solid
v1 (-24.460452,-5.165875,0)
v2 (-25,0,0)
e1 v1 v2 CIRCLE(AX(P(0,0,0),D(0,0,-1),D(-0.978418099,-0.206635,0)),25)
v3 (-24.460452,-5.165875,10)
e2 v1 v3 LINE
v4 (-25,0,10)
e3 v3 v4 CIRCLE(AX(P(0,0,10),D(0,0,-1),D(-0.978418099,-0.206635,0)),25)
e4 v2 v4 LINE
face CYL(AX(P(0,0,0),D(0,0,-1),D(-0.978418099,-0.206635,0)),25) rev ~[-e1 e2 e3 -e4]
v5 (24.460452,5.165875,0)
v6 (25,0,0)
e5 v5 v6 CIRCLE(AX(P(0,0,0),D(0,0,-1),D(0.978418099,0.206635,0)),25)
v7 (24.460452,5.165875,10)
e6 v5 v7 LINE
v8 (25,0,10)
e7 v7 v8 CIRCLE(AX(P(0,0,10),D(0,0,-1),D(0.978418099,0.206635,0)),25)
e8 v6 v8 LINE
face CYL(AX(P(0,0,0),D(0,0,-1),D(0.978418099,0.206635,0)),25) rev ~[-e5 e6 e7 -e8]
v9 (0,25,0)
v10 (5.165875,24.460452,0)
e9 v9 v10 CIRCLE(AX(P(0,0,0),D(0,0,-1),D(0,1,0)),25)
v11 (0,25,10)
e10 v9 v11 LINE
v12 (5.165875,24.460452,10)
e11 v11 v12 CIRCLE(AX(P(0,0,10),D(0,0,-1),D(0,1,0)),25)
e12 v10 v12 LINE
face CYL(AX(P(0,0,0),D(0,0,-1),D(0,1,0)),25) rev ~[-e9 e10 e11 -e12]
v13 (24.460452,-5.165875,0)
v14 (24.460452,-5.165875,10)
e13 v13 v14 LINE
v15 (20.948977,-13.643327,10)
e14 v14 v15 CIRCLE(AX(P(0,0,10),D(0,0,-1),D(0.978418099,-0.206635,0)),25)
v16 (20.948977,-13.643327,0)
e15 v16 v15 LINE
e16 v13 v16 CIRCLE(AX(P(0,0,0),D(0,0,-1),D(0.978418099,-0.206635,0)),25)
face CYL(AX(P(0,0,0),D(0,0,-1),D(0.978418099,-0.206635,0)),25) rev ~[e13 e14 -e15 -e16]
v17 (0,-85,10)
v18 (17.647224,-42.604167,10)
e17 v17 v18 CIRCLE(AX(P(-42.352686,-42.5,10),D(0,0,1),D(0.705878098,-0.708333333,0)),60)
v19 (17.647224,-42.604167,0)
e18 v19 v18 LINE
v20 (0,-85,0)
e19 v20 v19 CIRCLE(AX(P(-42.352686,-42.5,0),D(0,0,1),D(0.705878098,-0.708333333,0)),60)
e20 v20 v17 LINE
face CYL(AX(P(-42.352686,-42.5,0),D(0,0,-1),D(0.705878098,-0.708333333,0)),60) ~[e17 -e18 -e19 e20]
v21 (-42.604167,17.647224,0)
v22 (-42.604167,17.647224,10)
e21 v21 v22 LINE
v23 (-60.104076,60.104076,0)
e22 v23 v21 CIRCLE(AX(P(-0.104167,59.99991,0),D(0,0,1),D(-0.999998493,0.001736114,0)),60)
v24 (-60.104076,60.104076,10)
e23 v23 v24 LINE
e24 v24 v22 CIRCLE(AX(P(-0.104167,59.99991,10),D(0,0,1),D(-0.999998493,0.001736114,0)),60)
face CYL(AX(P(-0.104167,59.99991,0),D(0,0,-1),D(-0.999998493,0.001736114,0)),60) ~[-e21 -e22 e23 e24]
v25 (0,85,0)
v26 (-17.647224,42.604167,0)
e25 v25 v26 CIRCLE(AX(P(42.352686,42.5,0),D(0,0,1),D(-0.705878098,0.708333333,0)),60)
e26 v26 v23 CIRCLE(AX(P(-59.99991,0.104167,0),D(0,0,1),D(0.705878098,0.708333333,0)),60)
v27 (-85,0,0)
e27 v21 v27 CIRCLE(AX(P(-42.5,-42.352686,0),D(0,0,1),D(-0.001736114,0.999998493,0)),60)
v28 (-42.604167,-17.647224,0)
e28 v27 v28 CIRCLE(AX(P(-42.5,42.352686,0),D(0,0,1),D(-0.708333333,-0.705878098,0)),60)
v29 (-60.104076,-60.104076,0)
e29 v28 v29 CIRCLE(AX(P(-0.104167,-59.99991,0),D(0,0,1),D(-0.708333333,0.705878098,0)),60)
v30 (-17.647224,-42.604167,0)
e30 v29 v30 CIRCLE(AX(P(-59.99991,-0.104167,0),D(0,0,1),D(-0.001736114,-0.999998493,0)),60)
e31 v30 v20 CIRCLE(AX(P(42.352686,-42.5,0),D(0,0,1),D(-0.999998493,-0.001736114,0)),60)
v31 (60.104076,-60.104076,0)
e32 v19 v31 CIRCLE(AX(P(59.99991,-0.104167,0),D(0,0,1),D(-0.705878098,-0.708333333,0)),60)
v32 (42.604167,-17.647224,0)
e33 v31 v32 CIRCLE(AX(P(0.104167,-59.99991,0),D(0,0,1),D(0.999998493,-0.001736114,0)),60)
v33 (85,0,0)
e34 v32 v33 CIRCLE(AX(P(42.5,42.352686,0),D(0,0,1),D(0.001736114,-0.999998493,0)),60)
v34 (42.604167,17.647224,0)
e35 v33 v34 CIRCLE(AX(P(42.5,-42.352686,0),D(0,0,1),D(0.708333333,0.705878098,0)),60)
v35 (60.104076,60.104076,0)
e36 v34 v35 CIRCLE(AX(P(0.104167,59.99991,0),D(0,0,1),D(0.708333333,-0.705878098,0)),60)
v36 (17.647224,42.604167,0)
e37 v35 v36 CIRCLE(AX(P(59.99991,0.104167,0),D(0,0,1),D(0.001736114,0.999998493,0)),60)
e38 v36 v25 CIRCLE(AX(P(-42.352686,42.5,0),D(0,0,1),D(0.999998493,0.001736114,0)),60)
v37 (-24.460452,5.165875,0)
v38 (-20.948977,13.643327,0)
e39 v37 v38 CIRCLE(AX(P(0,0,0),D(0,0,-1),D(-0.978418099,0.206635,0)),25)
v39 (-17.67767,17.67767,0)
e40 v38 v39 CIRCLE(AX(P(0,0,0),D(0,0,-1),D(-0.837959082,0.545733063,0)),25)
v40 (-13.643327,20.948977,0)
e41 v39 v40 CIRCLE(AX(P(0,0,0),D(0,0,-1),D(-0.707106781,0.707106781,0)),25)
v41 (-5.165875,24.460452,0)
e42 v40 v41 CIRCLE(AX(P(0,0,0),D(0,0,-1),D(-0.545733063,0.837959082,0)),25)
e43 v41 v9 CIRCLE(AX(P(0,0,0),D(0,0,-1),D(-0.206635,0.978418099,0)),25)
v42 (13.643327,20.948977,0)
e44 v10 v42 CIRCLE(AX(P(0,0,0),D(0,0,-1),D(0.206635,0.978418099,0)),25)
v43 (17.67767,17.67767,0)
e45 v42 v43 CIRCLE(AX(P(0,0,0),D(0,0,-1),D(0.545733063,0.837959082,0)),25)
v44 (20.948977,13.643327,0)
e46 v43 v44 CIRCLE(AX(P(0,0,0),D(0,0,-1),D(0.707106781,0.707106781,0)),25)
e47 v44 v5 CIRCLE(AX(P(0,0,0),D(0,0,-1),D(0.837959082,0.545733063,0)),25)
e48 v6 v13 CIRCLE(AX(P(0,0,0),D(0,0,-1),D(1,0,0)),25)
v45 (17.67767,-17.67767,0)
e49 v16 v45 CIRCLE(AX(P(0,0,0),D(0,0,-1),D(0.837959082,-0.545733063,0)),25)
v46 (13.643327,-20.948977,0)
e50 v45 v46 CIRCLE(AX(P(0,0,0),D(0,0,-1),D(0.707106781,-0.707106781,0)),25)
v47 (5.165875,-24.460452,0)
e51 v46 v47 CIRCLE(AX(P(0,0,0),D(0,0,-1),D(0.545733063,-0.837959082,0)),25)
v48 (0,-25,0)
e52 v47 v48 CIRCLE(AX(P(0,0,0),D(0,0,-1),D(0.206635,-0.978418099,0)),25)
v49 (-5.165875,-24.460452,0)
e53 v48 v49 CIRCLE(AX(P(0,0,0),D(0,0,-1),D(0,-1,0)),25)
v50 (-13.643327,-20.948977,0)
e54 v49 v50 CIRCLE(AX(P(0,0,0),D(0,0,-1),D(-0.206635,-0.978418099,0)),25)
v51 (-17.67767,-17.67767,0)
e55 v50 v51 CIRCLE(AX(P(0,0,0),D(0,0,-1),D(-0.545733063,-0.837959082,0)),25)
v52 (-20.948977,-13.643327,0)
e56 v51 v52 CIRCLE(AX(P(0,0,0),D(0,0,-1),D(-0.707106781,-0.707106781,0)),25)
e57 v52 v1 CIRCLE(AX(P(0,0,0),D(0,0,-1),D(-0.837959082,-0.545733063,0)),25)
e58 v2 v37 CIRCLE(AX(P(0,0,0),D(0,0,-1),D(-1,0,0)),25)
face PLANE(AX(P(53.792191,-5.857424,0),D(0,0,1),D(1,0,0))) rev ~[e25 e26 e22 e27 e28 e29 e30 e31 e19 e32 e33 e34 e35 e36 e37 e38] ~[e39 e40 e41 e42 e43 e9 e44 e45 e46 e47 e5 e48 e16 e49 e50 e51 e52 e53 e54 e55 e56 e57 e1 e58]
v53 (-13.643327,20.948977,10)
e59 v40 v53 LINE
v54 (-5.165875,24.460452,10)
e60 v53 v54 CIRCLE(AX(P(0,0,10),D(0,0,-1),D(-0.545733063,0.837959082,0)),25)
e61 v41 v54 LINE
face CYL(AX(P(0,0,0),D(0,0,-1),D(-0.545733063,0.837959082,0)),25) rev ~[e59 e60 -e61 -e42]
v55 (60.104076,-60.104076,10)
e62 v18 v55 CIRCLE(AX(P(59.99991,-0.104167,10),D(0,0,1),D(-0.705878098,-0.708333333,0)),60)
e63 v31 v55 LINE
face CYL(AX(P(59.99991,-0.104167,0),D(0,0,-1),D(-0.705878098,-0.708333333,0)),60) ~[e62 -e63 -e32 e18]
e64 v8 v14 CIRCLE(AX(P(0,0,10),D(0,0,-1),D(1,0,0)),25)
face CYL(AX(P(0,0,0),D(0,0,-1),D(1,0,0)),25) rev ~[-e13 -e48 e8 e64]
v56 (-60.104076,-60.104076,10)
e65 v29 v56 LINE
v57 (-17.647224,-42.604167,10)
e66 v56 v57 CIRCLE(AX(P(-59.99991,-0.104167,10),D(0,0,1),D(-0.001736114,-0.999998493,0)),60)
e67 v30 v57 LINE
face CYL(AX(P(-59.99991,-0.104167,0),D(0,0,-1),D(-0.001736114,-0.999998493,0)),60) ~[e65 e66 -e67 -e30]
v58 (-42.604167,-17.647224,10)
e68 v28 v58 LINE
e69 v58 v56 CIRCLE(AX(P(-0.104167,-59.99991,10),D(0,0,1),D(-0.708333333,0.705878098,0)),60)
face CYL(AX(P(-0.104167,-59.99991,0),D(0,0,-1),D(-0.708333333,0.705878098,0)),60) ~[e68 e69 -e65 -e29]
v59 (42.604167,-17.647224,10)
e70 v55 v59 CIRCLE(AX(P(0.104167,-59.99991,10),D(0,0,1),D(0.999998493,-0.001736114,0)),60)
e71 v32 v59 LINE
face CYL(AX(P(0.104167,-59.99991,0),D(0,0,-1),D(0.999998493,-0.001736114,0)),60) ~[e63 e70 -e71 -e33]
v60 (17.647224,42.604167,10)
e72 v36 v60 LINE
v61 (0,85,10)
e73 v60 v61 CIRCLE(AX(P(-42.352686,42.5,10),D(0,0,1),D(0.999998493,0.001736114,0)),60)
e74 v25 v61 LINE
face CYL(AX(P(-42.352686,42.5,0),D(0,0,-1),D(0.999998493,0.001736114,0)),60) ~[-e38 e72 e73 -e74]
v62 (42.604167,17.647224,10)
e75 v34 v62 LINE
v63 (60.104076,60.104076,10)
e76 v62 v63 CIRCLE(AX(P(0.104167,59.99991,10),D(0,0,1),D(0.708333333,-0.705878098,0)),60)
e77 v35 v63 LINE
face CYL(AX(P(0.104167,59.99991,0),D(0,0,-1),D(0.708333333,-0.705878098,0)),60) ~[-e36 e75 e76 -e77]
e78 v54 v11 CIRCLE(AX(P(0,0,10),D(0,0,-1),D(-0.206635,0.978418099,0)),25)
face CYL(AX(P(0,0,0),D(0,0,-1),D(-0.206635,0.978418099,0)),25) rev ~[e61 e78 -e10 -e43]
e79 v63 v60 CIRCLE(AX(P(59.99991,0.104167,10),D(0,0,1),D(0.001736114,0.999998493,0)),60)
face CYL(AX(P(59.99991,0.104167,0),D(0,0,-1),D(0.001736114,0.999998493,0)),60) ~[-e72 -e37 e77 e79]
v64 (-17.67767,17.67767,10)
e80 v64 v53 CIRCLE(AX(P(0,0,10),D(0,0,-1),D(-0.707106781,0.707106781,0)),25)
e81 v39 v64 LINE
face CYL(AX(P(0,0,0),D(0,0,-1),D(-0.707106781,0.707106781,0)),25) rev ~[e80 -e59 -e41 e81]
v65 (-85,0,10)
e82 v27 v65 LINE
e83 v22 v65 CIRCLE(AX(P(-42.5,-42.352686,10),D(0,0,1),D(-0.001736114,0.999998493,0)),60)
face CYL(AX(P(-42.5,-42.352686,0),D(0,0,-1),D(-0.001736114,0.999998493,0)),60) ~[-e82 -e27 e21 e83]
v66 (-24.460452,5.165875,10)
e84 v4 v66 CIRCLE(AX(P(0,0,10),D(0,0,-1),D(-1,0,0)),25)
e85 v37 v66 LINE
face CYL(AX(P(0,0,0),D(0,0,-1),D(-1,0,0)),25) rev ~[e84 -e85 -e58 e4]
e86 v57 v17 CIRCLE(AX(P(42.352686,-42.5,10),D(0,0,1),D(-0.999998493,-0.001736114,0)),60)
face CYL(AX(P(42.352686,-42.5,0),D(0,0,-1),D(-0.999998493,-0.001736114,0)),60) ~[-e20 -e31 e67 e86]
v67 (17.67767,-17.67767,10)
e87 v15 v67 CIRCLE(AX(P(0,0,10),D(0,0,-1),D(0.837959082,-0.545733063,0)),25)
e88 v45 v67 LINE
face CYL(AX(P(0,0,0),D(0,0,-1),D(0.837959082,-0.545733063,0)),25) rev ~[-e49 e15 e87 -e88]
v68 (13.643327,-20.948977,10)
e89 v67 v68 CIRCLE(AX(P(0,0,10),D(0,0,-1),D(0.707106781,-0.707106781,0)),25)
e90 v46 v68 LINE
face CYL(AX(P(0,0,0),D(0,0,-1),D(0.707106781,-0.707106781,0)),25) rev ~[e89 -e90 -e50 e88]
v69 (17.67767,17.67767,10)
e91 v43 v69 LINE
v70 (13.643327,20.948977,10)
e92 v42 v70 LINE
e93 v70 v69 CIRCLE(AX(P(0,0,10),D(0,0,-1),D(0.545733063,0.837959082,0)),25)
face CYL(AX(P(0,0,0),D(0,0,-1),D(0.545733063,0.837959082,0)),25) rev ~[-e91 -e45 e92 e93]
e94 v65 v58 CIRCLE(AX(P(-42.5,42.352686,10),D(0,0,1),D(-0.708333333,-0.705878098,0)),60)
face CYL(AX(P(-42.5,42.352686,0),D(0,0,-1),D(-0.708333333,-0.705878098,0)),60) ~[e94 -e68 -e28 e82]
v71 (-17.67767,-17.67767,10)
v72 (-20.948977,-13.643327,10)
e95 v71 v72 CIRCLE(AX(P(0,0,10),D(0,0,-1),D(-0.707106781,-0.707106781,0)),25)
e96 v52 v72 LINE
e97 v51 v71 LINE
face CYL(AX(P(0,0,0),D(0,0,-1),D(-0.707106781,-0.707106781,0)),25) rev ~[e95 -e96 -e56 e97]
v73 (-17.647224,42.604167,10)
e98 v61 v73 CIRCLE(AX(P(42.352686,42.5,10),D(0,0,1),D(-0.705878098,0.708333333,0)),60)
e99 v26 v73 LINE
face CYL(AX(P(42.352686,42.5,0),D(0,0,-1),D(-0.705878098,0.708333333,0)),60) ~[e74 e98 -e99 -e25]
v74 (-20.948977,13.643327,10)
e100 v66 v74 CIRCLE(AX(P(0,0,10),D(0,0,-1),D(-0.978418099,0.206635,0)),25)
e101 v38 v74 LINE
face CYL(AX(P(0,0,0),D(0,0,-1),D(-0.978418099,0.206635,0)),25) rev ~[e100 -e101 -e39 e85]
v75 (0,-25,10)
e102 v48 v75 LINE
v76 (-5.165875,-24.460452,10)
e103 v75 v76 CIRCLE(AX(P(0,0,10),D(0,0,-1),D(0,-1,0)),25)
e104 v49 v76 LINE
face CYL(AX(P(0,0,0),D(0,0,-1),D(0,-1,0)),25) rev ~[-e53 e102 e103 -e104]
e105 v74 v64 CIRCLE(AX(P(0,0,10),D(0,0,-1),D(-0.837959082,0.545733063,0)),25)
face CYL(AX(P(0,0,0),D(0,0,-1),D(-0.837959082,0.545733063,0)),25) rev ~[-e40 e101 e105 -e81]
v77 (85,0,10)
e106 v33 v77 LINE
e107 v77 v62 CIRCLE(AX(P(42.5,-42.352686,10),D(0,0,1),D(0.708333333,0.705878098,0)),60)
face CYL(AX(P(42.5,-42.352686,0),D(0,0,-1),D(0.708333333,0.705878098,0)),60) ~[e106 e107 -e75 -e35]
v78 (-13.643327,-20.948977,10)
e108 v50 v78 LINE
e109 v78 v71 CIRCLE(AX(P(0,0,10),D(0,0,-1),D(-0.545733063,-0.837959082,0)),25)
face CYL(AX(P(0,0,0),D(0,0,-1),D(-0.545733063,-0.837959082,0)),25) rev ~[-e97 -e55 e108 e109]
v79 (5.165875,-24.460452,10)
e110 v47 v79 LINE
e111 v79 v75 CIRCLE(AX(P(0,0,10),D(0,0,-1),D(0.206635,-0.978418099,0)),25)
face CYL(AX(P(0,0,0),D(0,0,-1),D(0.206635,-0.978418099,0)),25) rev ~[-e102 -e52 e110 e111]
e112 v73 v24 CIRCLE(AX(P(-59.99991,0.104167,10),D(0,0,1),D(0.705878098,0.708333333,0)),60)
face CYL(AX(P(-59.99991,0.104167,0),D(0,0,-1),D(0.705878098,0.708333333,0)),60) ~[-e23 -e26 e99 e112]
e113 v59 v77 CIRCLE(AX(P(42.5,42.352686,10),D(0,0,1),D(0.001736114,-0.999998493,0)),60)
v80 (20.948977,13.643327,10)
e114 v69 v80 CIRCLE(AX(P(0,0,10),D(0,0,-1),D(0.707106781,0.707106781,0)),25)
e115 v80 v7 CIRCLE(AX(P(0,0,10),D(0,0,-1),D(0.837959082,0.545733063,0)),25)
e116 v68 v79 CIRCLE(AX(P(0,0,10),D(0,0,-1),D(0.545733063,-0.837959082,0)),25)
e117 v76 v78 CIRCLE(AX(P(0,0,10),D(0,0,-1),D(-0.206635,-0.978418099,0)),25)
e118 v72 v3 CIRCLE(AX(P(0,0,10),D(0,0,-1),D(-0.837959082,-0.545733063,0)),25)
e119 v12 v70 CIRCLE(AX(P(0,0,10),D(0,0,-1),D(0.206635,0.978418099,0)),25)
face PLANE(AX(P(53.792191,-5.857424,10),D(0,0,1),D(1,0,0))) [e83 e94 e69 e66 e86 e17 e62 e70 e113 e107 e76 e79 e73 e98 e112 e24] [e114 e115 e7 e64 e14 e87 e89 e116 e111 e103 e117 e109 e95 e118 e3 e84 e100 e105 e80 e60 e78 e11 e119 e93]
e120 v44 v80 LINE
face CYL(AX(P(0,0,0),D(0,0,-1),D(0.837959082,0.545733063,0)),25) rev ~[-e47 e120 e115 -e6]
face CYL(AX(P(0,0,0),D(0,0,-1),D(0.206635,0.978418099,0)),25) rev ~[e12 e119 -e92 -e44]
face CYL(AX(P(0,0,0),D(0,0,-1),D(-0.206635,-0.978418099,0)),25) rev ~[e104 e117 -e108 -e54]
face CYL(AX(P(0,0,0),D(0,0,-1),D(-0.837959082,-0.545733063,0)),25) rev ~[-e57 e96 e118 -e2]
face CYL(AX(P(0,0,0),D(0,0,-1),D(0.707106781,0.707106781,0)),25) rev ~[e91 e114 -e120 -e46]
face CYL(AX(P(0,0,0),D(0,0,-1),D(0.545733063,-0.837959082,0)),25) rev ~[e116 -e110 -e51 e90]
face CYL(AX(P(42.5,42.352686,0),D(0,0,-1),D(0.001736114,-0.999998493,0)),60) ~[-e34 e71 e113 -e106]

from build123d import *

# Parameters (mm, degrees)
F1_DEPTH = 10


with BuildPart() as f1:
    # F0 (on Top) → F1 (new body)
    with BuildSketch(Plane.XY):
        with BuildLine():
            Line((85, 0), (25, 0))
            ThreePointArc((25, 0), (24.8647472541, -2.5969874831), (24.460452481, -5.1658749912))
            ThreePointArc((24.460452481, -5.1658749912), (34.1098538399, -10.5669929067), (42.6041668237, -17.647223712))
            ThreePointArc((42.6041668236, -17.647223712), (65.5572089349, -13.0401396281), (85, 0))
        make_face()
        with BuildLine():
            ThreePointArc((24.460452481, 5.1658749912), (24.8647472541, 2.5969874831), (25, 0))
            Line((25, 0), (85, 0))
            ThreePointArc((85, 0), (65.5572089349, 13.0401396281), (42.6041668236, 17.647223712))
            ThreePointArc((42.6041668236, 17.647223712), (34.1098538399, 10.5669929067), (24.460452481, 5.1658749912))
        make_face()
        with BuildLine():
            ThreePointArc((20.9489770573, 13.6433265832), (23.0969883128, 9.5670858091), (24.460452481, 5.1658749912))
            ThreePointArc((24.460452481, 5.1658749912), (34.1098538399, 10.5669929067), (42.6041668236, 17.647223712))
            ThreePointArc((42.6041668236, 17.647223712), (31.5913012965, 16.6473166144), (20.9489770573, 13.6433265832))
        make_face()
        with BuildLine():
            ThreePointArc((42.6041668237, -17.647223712), (34.1098538399, -10.5669929067), (24.460452481, -5.1658749912))
            ThreePointArc((24.460452481, -5.1658749912), (23.0969883128, -9.5670858091), (20.9489770573, -13.6433265832))
            ThreePointArc((20.9489770573, -13.6433265832), (31.5913012965, -16.6473166144), (42.6041668236, -17.647223712))
        make_face()
        with BuildLine():
            ThreePointArc((17.6776695297, 17.6776695297), (19.4183788559, 15.7456839359), (20.9489770573, 13.6433265832))
            ThreePointArc((20.9489770573, 13.6433265832), (31.5913012965, 16.6473166144), (42.6041668236, 17.647223712))
            ThreePointArc((42.6041668236, 17.647223712), (55.5767181522, 37.1351758349), (60.1040764009, 60.1040764009))
            Line((60.1040764009, 60.1040764009), (17.6776695297, 17.6776695297))
        make_face()
        with BuildLine():
            ThreePointArc((42.6041668236, -17.647223712), (31.5913012965, -16.6473166144), (20.9489770573, -13.6433265832))
            ThreePointArc((20.9489770573, -13.6433265832), (19.4183788559, -15.7456839359), (17.6776695297, -17.6776695297))
            Line((17.6776695297, -17.6776695297), (60.1040764009, -60.1040764009))
            ThreePointArc((60.1040764009, -60.1040764009), (55.5767181522, -37.1351758349), (42.6041668237, -17.647223712))
        make_face()
        with BuildLine():
            ThreePointArc((13.6433265832, 20.9489770573), (15.7456839359, 19.4183788559), (17.6776695297, 17.6776695297))
            Line((17.6776695297, 17.6776695297), (60.1040764009, 60.1040764009))
            ThreePointArc((60.1040764009, 60.1040764009), (37.1351758349, 55.5767181522), (17.647223712, 42.6041668237))
            ThreePointArc((17.647223712, 42.6041668236), (16.6473166144, 31.5913012965), (13.6433265832, 20.9489770573))
        make_face()
        with BuildLine():
            Line((60.1040764009, -60.1040764009), (17.6776695297, -17.6776695297))
            ThreePointArc((17.6776695297, -17.6776695297), (15.7456839359, -19.4183788559), (13.6433265832, -20.9489770573))
            ThreePointArc((13.6433265832, -20.9489770573), (16.6473166144, -31.5913012965), (17.647223712, -42.6041668236))
            ThreePointArc((17.647223712, -42.6041668236), (37.1351758349, -55.5767181522), (60.1040764009, -60.1040764009))
        make_face()
        with BuildLine():
            ThreePointArc((5.1658749912, 24.460452481), (9.5670858091, 23.0969883128), (13.6433265832, 20.9489770573))
            ThreePointArc((13.6433265832, 20.9489770573), (16.6473166144, 31.5913012965), (17.647223712, 42.6041668236))
            ThreePointArc((17.647223712, 42.6041668237), (10.5669929067, 34.1098538399), (5.1658749912, 24.460452481))
        make_face()
        with BuildLine():
            ThreePointArc((5.1658749912, 24.460452481), (10.5669929067, 34.1098538399), (17.647223712, 42.6041668237))
            ThreePointArc((17.647223712, 42.6041668236), (13.0401396281, 65.5572089349), (0, 85))
            Line((0, 85), (0, 25))
            ThreePointArc((0, 25), (2.5969874831, 24.8647472541), (5.1658749912, 24.460452481))
        make_face()
        with BuildLine():
            ThreePointArc((17.647223712, -42.6041668236), (16.6473166144, -31.5913012965), (13.6433265832, -20.9489770573))
            ThreePointArc((13.6433265832, -20.9489770573), (9.5670858091, -23.0969883128), (5.1658749912, -24.460452481))
            ThreePointArc((5.1658749912, -24.460452481), (10.5669929067, -34.1098538399), (17.647223712, -42.6041668236))
        make_face()
        with BuildLine():
            ThreePointArc((0, -85), (13.0401396281, -65.5572089349), (17.647223712, -42.6041668236))
            ThreePointArc((17.647223712, -42.6041668236), (10.5669929067, -34.1098538399), (5.1658749912, -24.460452481))
            ThreePointArc((5.1658749912, -24.460452481), (2.5969874831, -24.8647472541), (0, -25))
            Line((0, -25), (0, -85))
        make_face()
        with BuildLine():
            Line((0, 25), (0, 85))
            ThreePointArc((0, 85), (-13.0401396281, 65.5572089349), (-17.647223712, 42.6041668236))
            ThreePointArc((-17.647223712, 42.6041668236), (-10.5669929067, 34.1098538399), (-5.1658749912, 24.460452481))
            ThreePointArc((-5.1658749912, 24.460452481), (-2.5969874831, 24.8647472541), (0, 25))
        make_face()
        with BuildLine():
            ThreePointArc((-17.647223712, 42.6041668236), (-16.6473166144, 31.5913012965), (-13.6433265832, 20.9489770573))
            ThreePointArc((-13.6433265832, 20.9489770573), (-9.5670858091, 23.0969883128), (-5.1658749912, 24.460452481))
            ThreePointArc((-5.1658749912, 24.460452481), (-10.5669929067, 34.1098538399), (-17.647223712, 42.6041668236))
        make_face()
        with BuildLine():
            ThreePointArc((-17.6776695297, 17.6776695297), (-15.7456839359, 19.4183788559), (-13.6433265832, 20.9489770573))
            ThreePointArc((-13.6433265832, 20.9489770573), (-16.6473166144, 31.5913012965), (-17.647223712, 42.6041668236))
            ThreePointArc((-17.647223712, 42.6041668236), (-37.1351758349, 55.5767181522), (-60.1040764009, 60.1040764009))
            Line((-60.1040764009, 60.1040764009), (-17.6776695297, 17.6776695297))
        make_face()
        with BuildLine():
            ThreePointArc((-42.6041668237, 17.647223712), (-31.5913012965, 16.6473166144), (-20.9489770573, 13.6433265832))
            ThreePointArc((-20.9489770573, 13.6433265832), (-19.4183788559, 15.7456839359), (-17.6776695297, 17.6776695297))
            Line((-17.6776695297, 17.6776695297), (-60.1040764009, 60.1040764009))
            ThreePointArc((-60.1040764009, 60.1040764009), (-55.5767181522, 37.1351758349), (-42.6041668237, 17.647223712))
        make_face()
        with BuildLine():
            ThreePointArc((-24.460452481, 5.1658749912), (-23.0969883128, 9.5670858091), (-20.9489770573, 13.6433265832))
            ThreePointArc((-20.9489770573, 13.6433265832), (-31.5913012965, 16.6473166144), (-42.6041668237, 17.647223712))
            ThreePointArc((-42.6041668237, 17.647223712), (-34.1098538399, 10.5669929067), (-24.460452481, 5.1658749912))
        make_face()
        with BuildLine():
            ThreePointArc((-25, 0), (-24.8647472541, 2.5969874831), (-24.460452481, 5.1658749912))
            ThreePointArc((-24.460452481, 5.1658749912), (-34.1098538399, 10.5669929067), (-42.6041668237, 17.647223712))
            ThreePointArc((-42.6041668237, 17.647223712), (-65.5572089349, 13.0401396281), (-85, 0))
            Line((-85, 0), (-25, 0))
        make_face()
        with BuildLine():
            ThreePointArc((-42.6041668237, -17.647223712), (-34.1098538399, -10.5669929067), (-24.460452481, -5.1658749912))
            ThreePointArc((-24.460452481, -5.1658749912), (-24.8647472541, -2.5969874831), (-25, 0))
            Line((-25, 0), (-85, 0))
            ThreePointArc((-85, 0), (-65.5572089349, -13.0401396281), (-42.6041668236, -17.647223712))
        make_face()
        with BuildLine():
            ThreePointArc((-20.9489770573, -13.6433265832), (-23.0969883128, -9.5670858091), (-24.460452481, -5.1658749912))
            ThreePointArc((-24.460452481, -5.1658749912), (-34.1098538399, -10.5669929067), (-42.6041668237, -17.647223712))
            ThreePointArc((-42.6041668236, -17.647223712), (-31.5913012965, -16.6473166144), (-20.9489770573, -13.6433265832))
        make_face()
        with BuildLine():
            ThreePointArc((-17.6776695297, -17.6776695297), (-19.4183788559, -15.7456839359), (-20.9489770573, -13.6433265832))
            ThreePointArc((-20.9489770573, -13.6433265832), (-31.5913012965, -16.6473166144), (-42.6041668236, -17.647223712))
            ThreePointArc((-42.6041668237, -17.647223712), (-55.5767181522, -37.1351758349), (-60.1040764009, -60.1040764009))
            Line((-60.1040764009, -60.1040764009), (-17.6776695297, -17.6776695297))
        make_face()
        with BuildLine():
            ThreePointArc((-17.647223712, -42.6041668236), (-16.6473166144, -31.5913012965), (-13.6433265832, -20.9489770573))
            ThreePointArc((-13.6433265832, -20.9489770573), (-15.7456839359, -19.4183788559), (-17.6776695297, -17.6776695297))
            Line((-17.6776695297, -17.6776695297), (-60.1040764009, -60.1040764009))
            ThreePointArc((-60.1040764009, -60.1040764009), (-37.1351758349, -55.5767181522), (-17.647223712, -42.6041668237))
        make_face()
        with BuildLine():
            ThreePointArc((-5.1658749912, -24.460452481), (-9.5670858091, -23.0969883128), (-13.6433265832, -20.9489770573))
            ThreePointArc((-13.6433265832, -20.9489770573), (-16.6473166144, -31.5913012965), (-17.647223712, -42.6041668236))
            ThreePointArc((-17.647223712, -42.6041668237), (-10.5669929067, -34.1098538399), (-5.1658749912, -24.460452481))
        make_face()
        with BuildLine():
            ThreePointArc((0, -25), (-2.5969874831, -24.8647472541), (-5.1658749912, -24.460452481))
            ThreePointArc((-5.1658749912, -24.460452481), (-10.5669929067, -34.1098538399), (-17.647223712, -42.6041668237))
            ThreePointArc((-17.647223712, -42.6041668236), (-13.0401396281, -65.5572089349), (0, -85))
            Line((0, -85), (0, -25))
        make_face()
    extrude(amount=F1_DEPTH)


solid = f1.part
